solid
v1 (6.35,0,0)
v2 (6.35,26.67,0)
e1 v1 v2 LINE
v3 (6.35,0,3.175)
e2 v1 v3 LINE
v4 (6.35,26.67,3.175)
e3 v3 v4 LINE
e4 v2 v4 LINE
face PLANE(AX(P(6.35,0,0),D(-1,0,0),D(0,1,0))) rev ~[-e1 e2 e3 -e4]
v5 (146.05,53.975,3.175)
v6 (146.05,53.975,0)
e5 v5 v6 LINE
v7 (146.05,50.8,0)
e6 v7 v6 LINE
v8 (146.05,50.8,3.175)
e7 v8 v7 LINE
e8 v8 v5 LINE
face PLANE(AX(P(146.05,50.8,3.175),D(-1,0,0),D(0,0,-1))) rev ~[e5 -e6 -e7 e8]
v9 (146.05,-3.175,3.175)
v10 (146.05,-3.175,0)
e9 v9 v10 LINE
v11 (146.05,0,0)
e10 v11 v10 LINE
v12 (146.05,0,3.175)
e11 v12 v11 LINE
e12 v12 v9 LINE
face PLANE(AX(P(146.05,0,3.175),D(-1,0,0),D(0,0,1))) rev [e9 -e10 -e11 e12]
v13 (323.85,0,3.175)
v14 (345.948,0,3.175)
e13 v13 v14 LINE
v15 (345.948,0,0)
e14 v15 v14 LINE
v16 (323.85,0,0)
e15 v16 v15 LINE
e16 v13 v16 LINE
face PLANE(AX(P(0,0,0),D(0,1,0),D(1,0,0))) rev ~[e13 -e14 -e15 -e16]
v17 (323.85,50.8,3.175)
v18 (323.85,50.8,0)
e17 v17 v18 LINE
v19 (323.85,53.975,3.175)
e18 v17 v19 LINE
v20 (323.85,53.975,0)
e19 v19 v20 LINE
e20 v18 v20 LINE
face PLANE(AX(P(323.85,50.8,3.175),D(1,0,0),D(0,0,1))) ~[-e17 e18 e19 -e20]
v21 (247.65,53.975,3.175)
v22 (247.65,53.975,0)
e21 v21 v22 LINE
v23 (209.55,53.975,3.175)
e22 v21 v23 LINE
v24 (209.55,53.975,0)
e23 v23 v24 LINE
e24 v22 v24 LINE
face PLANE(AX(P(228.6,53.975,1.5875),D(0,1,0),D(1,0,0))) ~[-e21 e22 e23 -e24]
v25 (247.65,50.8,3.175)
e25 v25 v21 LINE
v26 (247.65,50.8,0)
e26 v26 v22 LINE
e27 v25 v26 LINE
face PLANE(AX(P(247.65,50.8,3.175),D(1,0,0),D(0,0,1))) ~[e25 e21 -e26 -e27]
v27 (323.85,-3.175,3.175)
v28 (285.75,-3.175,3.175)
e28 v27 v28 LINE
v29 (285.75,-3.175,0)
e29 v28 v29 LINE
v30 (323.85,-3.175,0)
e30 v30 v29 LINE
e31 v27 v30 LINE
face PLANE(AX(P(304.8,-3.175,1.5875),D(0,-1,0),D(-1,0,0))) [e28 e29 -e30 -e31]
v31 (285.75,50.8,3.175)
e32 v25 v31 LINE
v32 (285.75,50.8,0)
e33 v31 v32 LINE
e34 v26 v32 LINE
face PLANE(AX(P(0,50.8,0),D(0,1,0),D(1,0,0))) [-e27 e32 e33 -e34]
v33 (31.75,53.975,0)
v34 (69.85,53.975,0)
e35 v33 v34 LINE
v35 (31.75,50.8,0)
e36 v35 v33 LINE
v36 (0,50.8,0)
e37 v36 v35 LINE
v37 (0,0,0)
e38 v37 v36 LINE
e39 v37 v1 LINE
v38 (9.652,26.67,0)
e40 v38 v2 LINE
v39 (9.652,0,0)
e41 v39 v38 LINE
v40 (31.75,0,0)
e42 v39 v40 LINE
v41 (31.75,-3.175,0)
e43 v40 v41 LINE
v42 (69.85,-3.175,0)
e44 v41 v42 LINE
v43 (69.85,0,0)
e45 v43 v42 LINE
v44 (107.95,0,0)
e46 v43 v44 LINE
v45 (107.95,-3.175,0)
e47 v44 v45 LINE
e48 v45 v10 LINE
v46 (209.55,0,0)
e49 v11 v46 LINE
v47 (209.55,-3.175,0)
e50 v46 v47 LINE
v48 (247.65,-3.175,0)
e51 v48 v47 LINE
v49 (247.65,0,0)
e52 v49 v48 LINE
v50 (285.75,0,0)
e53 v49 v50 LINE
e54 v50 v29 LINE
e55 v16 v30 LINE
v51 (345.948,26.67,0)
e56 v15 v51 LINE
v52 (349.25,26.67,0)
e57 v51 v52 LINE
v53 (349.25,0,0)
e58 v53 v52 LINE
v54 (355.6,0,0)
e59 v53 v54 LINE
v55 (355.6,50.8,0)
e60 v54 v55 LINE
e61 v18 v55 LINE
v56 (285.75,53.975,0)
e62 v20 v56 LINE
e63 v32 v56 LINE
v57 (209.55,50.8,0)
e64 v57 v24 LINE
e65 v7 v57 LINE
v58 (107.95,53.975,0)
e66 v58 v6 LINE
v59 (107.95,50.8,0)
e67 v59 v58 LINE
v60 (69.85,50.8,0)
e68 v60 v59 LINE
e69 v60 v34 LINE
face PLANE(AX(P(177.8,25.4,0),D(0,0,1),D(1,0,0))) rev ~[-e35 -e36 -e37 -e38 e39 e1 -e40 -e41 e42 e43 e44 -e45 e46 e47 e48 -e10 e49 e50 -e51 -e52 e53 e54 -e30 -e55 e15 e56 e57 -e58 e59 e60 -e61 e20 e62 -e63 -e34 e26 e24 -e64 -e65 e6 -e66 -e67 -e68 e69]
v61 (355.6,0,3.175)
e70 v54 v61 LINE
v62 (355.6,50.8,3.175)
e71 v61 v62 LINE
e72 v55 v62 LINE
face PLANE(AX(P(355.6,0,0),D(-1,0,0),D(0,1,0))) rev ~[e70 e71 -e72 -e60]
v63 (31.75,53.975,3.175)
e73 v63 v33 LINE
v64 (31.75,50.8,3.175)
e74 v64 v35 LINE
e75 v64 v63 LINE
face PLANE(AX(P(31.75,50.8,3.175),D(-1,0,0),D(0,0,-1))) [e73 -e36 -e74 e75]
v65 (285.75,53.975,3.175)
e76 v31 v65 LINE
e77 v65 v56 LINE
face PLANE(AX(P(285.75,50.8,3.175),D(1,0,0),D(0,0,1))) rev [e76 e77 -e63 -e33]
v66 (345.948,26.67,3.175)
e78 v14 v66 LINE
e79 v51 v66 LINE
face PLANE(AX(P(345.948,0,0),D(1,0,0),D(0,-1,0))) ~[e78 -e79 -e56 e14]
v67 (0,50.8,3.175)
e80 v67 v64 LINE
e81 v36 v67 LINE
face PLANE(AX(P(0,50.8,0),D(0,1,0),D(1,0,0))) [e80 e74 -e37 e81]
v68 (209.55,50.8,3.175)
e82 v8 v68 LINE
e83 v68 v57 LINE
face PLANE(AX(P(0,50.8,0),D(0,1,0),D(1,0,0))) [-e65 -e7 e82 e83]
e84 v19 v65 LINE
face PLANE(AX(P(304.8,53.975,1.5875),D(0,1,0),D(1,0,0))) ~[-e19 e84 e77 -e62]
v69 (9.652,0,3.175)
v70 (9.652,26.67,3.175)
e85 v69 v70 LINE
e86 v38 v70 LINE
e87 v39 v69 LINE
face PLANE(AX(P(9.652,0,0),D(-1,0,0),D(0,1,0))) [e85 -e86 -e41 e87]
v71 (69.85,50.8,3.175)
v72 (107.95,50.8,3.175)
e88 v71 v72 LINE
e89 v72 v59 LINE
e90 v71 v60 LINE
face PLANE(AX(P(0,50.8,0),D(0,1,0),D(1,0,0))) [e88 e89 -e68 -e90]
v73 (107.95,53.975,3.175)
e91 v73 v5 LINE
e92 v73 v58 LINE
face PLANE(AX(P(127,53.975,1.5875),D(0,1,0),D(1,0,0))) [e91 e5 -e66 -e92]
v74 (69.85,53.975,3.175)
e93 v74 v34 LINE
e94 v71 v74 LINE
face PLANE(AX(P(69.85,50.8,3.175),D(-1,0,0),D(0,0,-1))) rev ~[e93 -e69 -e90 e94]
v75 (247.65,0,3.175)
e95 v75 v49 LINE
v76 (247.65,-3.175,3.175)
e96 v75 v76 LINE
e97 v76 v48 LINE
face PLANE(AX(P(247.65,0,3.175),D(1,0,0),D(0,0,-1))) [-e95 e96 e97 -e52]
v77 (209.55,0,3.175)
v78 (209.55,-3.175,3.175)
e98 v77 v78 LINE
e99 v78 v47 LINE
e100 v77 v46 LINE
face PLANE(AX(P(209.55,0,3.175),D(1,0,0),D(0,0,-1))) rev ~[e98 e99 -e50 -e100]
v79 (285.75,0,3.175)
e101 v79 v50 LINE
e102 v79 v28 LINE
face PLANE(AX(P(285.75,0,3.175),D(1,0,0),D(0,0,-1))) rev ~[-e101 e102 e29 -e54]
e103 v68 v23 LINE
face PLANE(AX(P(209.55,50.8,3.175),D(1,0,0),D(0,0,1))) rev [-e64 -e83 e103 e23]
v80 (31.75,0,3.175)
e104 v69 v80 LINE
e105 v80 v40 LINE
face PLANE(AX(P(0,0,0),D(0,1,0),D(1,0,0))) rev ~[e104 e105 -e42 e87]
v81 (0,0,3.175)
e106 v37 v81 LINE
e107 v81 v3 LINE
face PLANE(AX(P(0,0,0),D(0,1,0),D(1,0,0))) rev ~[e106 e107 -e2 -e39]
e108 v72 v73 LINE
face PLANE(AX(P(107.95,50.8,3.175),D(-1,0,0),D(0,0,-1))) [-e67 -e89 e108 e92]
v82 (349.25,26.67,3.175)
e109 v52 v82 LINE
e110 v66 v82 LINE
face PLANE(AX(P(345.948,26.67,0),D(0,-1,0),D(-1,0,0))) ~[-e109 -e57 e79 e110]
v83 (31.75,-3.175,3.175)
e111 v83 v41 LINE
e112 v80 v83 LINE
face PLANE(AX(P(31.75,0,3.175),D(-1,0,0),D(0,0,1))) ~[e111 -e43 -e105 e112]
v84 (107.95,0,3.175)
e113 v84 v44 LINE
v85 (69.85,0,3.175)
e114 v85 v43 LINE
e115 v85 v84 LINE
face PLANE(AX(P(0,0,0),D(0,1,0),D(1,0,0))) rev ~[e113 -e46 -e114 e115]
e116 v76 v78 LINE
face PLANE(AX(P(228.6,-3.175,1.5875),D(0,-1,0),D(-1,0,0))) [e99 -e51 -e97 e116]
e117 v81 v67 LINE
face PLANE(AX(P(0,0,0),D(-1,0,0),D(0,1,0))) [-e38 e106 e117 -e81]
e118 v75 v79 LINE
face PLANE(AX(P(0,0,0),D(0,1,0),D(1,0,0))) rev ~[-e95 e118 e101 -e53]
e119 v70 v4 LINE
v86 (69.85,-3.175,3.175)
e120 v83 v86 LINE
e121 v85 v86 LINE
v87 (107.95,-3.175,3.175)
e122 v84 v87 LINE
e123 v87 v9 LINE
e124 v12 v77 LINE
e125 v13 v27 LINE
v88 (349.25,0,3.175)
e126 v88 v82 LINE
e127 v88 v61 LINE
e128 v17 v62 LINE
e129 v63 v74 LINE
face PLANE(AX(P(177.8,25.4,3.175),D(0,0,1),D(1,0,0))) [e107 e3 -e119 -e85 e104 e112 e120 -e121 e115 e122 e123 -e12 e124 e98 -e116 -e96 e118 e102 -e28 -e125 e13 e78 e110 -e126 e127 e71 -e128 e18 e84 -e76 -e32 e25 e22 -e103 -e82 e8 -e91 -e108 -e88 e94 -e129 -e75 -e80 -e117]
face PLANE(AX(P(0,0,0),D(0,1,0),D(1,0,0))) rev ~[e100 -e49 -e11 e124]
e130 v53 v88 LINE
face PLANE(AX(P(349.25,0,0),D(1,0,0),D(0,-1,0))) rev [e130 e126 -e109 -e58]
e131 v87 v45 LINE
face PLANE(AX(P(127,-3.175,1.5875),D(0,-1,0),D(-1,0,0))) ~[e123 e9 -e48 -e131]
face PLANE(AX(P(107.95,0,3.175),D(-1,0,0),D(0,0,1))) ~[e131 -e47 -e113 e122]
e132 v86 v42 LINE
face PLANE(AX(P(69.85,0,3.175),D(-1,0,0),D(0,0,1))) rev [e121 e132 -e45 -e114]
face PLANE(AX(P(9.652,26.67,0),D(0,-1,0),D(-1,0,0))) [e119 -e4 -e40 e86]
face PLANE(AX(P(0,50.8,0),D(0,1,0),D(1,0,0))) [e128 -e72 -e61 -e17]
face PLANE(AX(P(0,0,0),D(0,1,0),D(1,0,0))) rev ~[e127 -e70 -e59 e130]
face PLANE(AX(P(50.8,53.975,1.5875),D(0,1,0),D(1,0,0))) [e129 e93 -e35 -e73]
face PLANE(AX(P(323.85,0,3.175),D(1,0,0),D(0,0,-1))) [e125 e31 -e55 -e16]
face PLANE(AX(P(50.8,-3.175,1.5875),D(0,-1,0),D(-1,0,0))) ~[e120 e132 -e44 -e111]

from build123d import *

# Parameters (mm, degrees)
SKETCH1_W               = 355.6
SKETCH1_H               = 50.8
BOSS_EXTRUDE1_DEPTH     = 3.175
SKETCH2_W               = 38.1
SKETCH2_H               = 3.175
BOSS_EXTRUDE2_DEPTH     = 3.175
MIRROR2_COPY_1_SKETCH_W = 38.1
MIRROR2_COPY_1_SKETCH_H = 3.175
MIRROR2_COPY_1_DEPTH    = 3.175
SKETCH3_W               = 3.302
SKETCH3_H               = 26.67
CUT_EXTRUDE1_DEPTH      = 3.175


with BuildPart() as part:
    # Sketch1 → Boss-Extrude1 (new body)
    with BuildSketch(Plane.XY):
        with Locations((177.8, 25.4)):
            Rectangle(SKETCH1_W, SKETCH1_H)
    extrude(amount=BOSS_EXTRUDE1_DEPTH)

    # Sketch2 → Boss-Extrude2 (add)
    with BuildSketch(Plane(origin=(0, 50.8, 0), x_dir=(1, 0, 0), z_dir=(0, 1, 0))):
        with Locations((50.8, -1.5875)):
            Rectangle(SKETCH2_W, SKETCH2_H)
        with Locations((127, -1.5875)):
            Rectangle(SKETCH2_W, SKETCH2_H)
    boss_extrude2 = extrude(amount=BOSS_EXTRUDE2_DEPTH)

    # Mirror1: Boss-Extrude2 across plane
    add(boss_extrude2.mirror(Plane.ZY.offset(-177.8)))

    # Mirror2: Boss-Extrude2 across plane
    add(boss_extrude2.mirror(Plane.ZX.offset(25.4)))

    # Mirror2 copy 1 sketch → Mirror2 copy 1 (add)
    with BuildSketch(Plane(origin=(355.6, 0, 0), x_dir=(-1, 0, 0), z_dir=(0, -1, 0))):
        with Locations((50.8, -1.5875)):
            Rectangle(MIRROR2_COPY_1_SKETCH_W, MIRROR2_COPY_1_SKETCH_H)
        with Locations((127, -1.5875)):
            Rectangle(MIRROR2_COPY_1_SKETCH_W, MIRROR2_COPY_1_SKETCH_H)
    extrude(amount=MIRROR2_COPY_1_DEPTH)

    # Sketch3 → Cut-Extrude1 (cut)
    with BuildSketch(Plane(origin=(0, 0, 0), x_dir=(-1, 0, 0), z_dir=(0, 0, -1))):
        with Locations((-8.001, 13.335)):
            Rectangle(SKETCH3_W, SKETCH3_H)
    cut_extrude1 = extrude(amount=-CUT_EXTRUDE1_DEPTH, mode=Mode.SUBTRACT)

    # Mirror3: Cut-Extrude1 across plane
    add(cut_extrude1.mirror(Plane.ZY.offset(-177.8)), mode=Mode.SUBTRACT)


solid = part.part
